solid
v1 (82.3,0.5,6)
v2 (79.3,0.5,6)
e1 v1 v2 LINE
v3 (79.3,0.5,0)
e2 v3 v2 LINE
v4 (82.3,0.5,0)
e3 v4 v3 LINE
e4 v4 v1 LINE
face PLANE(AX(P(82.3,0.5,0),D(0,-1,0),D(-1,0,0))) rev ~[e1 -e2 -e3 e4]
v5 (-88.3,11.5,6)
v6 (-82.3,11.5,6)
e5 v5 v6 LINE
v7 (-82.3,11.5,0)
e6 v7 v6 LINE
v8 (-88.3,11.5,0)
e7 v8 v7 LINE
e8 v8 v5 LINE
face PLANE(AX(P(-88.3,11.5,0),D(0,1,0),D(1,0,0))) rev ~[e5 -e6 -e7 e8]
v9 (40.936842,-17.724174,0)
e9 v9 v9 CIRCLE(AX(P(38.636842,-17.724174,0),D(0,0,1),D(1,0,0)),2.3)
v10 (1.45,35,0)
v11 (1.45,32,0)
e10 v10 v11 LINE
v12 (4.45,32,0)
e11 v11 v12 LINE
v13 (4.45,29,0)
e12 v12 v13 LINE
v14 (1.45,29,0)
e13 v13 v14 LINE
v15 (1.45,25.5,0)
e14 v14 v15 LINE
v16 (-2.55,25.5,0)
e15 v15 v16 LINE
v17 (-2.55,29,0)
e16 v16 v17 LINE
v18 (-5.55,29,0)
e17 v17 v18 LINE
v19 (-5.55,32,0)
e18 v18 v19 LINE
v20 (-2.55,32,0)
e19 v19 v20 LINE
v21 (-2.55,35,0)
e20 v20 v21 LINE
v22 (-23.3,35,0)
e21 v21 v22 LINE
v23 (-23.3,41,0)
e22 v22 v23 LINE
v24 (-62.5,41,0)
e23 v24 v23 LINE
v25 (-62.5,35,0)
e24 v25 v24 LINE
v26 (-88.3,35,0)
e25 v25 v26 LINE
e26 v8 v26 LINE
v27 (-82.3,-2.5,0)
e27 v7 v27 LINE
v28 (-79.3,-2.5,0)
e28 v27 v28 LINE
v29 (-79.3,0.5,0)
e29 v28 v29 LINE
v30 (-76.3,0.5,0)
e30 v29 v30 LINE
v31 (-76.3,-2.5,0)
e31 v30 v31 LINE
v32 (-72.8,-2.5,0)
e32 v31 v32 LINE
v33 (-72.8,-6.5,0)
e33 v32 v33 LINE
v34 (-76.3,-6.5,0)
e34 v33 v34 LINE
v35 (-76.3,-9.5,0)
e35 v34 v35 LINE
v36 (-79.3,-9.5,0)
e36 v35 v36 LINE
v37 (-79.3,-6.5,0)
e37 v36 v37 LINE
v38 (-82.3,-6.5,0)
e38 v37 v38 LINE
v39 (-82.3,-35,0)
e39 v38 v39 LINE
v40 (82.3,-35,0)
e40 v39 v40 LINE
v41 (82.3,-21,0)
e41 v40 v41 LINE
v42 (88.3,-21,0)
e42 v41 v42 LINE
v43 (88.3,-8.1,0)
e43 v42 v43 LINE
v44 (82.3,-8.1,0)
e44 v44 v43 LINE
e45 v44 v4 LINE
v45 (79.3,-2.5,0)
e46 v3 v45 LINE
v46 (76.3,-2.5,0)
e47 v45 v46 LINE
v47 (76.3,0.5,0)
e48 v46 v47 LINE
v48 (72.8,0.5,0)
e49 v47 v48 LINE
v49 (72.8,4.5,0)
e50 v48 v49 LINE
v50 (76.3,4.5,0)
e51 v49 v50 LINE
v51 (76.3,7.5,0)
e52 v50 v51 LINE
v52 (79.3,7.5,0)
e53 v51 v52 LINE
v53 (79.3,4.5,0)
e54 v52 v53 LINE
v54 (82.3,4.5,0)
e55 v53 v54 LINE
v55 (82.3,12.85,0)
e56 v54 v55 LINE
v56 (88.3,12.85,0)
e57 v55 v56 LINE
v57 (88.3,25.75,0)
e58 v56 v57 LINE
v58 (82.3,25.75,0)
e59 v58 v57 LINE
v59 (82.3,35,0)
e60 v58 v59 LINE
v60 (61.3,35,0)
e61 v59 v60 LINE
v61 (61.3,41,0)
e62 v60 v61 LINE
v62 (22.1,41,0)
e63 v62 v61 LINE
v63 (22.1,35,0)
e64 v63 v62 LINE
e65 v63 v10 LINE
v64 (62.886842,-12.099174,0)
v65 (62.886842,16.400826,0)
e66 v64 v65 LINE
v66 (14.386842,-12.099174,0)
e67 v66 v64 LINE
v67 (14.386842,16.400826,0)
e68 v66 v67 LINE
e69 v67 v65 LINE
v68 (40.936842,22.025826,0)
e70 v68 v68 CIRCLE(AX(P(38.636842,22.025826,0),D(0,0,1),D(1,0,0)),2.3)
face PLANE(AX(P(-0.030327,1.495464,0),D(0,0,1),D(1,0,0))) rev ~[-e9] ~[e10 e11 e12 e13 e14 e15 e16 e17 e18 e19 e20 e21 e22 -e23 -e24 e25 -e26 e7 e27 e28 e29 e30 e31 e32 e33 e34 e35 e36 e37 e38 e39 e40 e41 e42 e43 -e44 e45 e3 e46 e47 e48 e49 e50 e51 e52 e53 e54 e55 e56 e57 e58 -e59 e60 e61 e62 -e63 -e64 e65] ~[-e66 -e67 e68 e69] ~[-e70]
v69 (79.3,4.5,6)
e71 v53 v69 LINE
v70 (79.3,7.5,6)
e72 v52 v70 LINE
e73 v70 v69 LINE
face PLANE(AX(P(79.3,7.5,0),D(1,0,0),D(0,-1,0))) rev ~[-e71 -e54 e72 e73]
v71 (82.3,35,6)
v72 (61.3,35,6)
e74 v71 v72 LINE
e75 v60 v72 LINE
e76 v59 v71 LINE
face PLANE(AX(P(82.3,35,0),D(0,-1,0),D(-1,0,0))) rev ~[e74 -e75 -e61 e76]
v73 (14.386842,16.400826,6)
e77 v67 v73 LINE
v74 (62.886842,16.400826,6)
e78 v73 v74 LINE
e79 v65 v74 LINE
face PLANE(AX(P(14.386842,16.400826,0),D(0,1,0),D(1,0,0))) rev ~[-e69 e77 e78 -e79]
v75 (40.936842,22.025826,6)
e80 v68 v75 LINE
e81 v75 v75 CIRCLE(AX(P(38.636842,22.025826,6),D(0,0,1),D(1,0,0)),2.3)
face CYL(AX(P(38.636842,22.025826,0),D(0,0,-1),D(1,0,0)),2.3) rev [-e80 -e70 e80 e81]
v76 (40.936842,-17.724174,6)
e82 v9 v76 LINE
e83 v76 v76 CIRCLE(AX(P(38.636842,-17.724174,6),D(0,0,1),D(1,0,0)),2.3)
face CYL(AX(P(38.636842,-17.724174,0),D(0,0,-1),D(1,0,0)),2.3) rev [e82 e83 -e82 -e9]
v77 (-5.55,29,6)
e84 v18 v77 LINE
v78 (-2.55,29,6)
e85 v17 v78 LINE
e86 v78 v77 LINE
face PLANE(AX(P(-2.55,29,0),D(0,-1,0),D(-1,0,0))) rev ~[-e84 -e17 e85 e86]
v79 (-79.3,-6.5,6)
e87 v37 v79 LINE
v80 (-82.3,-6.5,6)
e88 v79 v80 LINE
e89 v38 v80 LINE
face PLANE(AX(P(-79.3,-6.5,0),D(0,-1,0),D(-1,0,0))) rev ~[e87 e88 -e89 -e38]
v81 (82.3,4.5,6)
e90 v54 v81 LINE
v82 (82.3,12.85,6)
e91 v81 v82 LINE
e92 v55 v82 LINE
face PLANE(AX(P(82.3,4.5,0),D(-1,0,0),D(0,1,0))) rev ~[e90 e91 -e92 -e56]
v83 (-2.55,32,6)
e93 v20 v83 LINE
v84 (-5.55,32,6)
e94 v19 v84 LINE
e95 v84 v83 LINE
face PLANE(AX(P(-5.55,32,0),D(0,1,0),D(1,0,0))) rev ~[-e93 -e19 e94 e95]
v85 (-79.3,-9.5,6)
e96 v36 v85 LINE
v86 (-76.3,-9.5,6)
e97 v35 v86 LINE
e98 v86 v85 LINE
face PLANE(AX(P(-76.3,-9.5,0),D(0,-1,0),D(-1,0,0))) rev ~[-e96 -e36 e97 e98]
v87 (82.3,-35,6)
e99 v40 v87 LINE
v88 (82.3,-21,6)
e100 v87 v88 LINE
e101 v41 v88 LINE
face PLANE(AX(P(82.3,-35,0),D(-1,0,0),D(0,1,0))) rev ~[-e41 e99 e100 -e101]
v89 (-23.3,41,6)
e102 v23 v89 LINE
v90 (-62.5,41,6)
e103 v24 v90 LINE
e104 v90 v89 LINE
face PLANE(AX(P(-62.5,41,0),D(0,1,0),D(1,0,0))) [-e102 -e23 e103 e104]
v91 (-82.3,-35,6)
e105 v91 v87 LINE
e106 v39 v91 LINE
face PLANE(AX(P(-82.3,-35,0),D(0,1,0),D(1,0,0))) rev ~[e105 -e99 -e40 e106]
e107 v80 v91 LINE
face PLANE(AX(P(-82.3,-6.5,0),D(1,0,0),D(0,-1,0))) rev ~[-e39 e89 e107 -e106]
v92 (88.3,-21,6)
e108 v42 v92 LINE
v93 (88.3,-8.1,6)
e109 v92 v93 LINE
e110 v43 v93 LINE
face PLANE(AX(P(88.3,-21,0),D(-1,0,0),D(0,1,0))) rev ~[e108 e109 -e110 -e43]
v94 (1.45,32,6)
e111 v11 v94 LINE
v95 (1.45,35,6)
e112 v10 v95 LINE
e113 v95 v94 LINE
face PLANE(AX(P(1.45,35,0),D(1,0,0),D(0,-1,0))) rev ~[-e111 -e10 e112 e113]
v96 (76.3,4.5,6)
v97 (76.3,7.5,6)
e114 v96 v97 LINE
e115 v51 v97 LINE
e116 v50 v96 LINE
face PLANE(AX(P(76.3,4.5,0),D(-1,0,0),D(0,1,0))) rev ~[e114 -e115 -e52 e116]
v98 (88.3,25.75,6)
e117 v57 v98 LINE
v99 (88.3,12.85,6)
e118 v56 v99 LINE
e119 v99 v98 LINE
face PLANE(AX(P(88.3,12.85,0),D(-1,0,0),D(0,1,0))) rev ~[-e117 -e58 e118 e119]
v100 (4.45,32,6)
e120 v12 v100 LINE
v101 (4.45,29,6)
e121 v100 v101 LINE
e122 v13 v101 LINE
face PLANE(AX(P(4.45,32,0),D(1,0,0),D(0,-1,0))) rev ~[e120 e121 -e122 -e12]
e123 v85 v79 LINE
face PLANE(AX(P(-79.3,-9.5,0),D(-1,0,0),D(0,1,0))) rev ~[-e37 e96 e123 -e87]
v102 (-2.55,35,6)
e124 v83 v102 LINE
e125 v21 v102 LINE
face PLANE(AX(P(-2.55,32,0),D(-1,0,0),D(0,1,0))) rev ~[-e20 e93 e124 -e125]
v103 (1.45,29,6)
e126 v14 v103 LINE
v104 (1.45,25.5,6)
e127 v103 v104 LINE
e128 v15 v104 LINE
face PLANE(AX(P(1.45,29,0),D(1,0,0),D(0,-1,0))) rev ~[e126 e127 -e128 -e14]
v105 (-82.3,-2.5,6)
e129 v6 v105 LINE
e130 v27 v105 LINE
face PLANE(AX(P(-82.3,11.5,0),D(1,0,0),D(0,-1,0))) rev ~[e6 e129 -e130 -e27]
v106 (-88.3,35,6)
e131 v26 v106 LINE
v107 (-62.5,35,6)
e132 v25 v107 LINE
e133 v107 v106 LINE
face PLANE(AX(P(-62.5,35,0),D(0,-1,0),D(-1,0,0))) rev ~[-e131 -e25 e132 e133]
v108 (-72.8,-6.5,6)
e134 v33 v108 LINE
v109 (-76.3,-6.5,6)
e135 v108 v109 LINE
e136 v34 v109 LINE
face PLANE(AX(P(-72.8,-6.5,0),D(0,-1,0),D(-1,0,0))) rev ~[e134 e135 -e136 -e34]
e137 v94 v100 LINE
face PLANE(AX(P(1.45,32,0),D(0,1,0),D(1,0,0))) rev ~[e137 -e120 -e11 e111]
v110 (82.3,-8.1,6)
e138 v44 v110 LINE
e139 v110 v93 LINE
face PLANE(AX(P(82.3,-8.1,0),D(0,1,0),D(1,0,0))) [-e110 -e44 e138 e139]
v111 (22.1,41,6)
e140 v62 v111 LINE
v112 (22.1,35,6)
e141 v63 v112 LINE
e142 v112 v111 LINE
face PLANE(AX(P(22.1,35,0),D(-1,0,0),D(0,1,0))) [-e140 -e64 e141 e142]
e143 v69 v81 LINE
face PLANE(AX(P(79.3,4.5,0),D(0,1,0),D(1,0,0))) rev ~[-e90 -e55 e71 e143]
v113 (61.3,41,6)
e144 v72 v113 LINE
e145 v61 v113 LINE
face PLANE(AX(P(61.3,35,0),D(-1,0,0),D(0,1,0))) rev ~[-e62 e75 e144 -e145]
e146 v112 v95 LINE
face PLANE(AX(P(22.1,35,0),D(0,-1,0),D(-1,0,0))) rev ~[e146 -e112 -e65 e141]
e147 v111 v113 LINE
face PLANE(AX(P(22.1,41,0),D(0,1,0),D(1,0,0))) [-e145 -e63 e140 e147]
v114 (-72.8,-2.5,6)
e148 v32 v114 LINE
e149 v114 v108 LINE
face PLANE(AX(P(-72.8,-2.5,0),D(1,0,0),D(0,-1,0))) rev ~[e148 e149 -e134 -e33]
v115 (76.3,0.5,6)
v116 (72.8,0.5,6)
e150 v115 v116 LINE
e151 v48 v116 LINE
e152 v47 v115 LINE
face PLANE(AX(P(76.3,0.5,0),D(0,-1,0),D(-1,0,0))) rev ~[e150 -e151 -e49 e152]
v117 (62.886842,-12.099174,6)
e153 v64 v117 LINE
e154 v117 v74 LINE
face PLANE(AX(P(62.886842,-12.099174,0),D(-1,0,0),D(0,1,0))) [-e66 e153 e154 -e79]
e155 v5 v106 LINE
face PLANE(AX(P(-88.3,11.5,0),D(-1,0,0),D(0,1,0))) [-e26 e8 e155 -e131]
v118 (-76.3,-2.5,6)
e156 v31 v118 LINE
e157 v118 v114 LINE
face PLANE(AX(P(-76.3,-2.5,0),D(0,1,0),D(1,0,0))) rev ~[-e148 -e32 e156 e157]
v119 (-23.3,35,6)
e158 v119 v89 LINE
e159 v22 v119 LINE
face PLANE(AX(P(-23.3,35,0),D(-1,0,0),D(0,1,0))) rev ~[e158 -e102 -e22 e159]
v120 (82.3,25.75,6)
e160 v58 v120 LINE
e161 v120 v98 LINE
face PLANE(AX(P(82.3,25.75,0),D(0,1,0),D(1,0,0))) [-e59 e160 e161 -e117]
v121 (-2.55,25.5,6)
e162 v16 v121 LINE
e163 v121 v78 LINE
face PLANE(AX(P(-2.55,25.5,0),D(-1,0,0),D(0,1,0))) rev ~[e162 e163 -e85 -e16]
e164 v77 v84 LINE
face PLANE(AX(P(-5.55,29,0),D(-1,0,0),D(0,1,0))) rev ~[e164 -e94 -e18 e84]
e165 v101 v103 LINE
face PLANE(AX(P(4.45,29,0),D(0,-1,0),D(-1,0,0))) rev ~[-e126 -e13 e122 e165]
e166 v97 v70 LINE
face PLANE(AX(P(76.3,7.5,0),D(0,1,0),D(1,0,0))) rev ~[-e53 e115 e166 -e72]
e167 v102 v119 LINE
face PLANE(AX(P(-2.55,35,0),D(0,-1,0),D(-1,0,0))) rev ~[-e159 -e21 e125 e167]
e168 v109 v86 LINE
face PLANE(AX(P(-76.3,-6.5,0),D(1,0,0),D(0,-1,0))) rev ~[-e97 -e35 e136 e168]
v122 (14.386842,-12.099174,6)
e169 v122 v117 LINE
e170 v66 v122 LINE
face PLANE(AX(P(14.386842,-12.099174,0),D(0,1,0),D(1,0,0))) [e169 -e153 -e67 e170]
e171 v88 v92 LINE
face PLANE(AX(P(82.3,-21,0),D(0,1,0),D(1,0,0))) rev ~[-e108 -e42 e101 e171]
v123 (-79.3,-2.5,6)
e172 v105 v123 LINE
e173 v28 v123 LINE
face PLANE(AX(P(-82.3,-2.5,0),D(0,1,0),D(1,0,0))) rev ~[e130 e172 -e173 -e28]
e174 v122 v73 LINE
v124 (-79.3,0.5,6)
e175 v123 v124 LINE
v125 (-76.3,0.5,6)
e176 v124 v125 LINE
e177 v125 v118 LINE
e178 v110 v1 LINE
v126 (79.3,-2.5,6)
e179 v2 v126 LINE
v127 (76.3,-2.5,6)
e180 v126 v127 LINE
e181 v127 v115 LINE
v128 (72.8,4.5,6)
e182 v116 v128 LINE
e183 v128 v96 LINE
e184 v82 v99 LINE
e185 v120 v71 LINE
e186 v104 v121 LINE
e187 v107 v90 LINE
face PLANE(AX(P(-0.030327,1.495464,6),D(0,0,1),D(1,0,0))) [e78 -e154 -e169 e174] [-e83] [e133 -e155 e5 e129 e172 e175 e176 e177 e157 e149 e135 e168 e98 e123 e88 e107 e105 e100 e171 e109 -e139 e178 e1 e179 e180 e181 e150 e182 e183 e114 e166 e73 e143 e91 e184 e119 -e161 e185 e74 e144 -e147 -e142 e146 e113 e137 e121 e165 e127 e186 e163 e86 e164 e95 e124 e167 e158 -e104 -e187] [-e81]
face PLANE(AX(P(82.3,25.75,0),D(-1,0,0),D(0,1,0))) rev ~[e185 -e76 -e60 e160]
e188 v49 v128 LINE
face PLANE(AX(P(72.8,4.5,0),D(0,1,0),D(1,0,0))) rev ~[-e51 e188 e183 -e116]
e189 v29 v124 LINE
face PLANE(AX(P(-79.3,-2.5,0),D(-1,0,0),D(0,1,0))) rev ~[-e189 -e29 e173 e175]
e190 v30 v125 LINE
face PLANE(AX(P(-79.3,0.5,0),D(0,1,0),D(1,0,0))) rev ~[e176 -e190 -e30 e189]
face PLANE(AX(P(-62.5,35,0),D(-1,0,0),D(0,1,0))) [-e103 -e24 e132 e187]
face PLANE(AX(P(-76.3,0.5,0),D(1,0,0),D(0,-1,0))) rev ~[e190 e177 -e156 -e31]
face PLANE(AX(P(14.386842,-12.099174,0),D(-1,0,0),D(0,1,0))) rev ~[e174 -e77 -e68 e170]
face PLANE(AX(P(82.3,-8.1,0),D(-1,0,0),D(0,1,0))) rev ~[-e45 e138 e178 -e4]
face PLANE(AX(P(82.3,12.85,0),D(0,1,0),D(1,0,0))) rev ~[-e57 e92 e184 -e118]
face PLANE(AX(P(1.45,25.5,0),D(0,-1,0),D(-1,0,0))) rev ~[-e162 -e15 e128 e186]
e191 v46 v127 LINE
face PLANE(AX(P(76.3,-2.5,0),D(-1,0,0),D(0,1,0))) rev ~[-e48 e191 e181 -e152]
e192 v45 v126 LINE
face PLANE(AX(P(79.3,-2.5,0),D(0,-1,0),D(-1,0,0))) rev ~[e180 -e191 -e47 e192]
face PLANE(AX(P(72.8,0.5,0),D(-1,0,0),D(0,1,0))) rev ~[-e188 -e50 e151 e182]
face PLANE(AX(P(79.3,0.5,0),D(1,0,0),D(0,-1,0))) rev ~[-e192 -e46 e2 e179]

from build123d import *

# Parameters (mm, degrees)
F0_R     = 2.3
F0_W     = 48.5
F0_H     = 28.5
F0_W_2   = 6
F0_H_2   = 23.5
F0_W_3   = 39.2
F0_H_3   = 6
F0_H_4   = 12.9
F1_DEPTH = 6


with BuildPart() as f1:
    # F0 (on Top) → F1 (new body)
    with BuildSketch(Plane.XY):
        Polygon((-62.5, 35), (-82.3, 35), (-82.3, 11.5), (-82.3, -2.5), (-79.3, -2.5), (-79.3, 0.5), (-76.3, 0.5), (-76.3, -2.5), (-72.8, -2.5), (-72.8, -4.5), (-72.8, -6.5), (-76.3, -6.5), (-76.3, -9.5), (-79.3, -9.5), (-79.3, -6.5), (-82.3, -6.5), (-82.3, -35), (82.3, -35), (82.3, -21), (82.3, -8.1), (82.3, 0.5), (79.3, 0.5), (79.3, -2.5), (76.3, -2.5), (76.3, 0.5), (72.8, 0.5), (72.8, 4.5), (76.3, 4.5), (76.3, 7.5), (79.3, 7.5), (79.3, 4.5), (82.3, 4.5), (82.3, 12.85), (82.3, 25.75), (82.3, 35), (61.3, 35), (22.1, 35), (1.45, 35), (1.45, 32), (4.45, 32), (4.45, 29), (1.45, 29), (1.45, 25.5), (-2.55, 25.5), (-2.55, 29), (-5.55, 29), (-5.55, 32), (-2.55, 32), (-2.55, 35), (-23.3, 35), align=None)
        with Locations((38.636842, -17.724174)):
            Circle(F0_R, mode=Mode.SUBTRACT)
        with Locations((38.636842, 2.150826)):
            Rectangle(F0_W, F0_H, mode=Mode.SUBTRACT)
        with Locations((38.636842, 22.025826)):
            Circle(F0_R, mode=Mode.SUBTRACT)
        with Locations((-85.3, 23.25)):
            Rectangle(F0_W_2, F0_H_2)
        with Locations((-42.9, 38)):
            Rectangle(F0_W_3, F0_H_3)
        with Locations((41.7, 38)):
            Rectangle(F0_W_3, F0_H_3)
        with Locations((85.3, 19.3)):
            Rectangle(F0_W_2, F0_H_4)
        with Locations((85.3, -14.55)):
            Rectangle(F0_W_2, F0_H_4)
    extrude(amount=F1_DEPTH)


solid = f1.part
